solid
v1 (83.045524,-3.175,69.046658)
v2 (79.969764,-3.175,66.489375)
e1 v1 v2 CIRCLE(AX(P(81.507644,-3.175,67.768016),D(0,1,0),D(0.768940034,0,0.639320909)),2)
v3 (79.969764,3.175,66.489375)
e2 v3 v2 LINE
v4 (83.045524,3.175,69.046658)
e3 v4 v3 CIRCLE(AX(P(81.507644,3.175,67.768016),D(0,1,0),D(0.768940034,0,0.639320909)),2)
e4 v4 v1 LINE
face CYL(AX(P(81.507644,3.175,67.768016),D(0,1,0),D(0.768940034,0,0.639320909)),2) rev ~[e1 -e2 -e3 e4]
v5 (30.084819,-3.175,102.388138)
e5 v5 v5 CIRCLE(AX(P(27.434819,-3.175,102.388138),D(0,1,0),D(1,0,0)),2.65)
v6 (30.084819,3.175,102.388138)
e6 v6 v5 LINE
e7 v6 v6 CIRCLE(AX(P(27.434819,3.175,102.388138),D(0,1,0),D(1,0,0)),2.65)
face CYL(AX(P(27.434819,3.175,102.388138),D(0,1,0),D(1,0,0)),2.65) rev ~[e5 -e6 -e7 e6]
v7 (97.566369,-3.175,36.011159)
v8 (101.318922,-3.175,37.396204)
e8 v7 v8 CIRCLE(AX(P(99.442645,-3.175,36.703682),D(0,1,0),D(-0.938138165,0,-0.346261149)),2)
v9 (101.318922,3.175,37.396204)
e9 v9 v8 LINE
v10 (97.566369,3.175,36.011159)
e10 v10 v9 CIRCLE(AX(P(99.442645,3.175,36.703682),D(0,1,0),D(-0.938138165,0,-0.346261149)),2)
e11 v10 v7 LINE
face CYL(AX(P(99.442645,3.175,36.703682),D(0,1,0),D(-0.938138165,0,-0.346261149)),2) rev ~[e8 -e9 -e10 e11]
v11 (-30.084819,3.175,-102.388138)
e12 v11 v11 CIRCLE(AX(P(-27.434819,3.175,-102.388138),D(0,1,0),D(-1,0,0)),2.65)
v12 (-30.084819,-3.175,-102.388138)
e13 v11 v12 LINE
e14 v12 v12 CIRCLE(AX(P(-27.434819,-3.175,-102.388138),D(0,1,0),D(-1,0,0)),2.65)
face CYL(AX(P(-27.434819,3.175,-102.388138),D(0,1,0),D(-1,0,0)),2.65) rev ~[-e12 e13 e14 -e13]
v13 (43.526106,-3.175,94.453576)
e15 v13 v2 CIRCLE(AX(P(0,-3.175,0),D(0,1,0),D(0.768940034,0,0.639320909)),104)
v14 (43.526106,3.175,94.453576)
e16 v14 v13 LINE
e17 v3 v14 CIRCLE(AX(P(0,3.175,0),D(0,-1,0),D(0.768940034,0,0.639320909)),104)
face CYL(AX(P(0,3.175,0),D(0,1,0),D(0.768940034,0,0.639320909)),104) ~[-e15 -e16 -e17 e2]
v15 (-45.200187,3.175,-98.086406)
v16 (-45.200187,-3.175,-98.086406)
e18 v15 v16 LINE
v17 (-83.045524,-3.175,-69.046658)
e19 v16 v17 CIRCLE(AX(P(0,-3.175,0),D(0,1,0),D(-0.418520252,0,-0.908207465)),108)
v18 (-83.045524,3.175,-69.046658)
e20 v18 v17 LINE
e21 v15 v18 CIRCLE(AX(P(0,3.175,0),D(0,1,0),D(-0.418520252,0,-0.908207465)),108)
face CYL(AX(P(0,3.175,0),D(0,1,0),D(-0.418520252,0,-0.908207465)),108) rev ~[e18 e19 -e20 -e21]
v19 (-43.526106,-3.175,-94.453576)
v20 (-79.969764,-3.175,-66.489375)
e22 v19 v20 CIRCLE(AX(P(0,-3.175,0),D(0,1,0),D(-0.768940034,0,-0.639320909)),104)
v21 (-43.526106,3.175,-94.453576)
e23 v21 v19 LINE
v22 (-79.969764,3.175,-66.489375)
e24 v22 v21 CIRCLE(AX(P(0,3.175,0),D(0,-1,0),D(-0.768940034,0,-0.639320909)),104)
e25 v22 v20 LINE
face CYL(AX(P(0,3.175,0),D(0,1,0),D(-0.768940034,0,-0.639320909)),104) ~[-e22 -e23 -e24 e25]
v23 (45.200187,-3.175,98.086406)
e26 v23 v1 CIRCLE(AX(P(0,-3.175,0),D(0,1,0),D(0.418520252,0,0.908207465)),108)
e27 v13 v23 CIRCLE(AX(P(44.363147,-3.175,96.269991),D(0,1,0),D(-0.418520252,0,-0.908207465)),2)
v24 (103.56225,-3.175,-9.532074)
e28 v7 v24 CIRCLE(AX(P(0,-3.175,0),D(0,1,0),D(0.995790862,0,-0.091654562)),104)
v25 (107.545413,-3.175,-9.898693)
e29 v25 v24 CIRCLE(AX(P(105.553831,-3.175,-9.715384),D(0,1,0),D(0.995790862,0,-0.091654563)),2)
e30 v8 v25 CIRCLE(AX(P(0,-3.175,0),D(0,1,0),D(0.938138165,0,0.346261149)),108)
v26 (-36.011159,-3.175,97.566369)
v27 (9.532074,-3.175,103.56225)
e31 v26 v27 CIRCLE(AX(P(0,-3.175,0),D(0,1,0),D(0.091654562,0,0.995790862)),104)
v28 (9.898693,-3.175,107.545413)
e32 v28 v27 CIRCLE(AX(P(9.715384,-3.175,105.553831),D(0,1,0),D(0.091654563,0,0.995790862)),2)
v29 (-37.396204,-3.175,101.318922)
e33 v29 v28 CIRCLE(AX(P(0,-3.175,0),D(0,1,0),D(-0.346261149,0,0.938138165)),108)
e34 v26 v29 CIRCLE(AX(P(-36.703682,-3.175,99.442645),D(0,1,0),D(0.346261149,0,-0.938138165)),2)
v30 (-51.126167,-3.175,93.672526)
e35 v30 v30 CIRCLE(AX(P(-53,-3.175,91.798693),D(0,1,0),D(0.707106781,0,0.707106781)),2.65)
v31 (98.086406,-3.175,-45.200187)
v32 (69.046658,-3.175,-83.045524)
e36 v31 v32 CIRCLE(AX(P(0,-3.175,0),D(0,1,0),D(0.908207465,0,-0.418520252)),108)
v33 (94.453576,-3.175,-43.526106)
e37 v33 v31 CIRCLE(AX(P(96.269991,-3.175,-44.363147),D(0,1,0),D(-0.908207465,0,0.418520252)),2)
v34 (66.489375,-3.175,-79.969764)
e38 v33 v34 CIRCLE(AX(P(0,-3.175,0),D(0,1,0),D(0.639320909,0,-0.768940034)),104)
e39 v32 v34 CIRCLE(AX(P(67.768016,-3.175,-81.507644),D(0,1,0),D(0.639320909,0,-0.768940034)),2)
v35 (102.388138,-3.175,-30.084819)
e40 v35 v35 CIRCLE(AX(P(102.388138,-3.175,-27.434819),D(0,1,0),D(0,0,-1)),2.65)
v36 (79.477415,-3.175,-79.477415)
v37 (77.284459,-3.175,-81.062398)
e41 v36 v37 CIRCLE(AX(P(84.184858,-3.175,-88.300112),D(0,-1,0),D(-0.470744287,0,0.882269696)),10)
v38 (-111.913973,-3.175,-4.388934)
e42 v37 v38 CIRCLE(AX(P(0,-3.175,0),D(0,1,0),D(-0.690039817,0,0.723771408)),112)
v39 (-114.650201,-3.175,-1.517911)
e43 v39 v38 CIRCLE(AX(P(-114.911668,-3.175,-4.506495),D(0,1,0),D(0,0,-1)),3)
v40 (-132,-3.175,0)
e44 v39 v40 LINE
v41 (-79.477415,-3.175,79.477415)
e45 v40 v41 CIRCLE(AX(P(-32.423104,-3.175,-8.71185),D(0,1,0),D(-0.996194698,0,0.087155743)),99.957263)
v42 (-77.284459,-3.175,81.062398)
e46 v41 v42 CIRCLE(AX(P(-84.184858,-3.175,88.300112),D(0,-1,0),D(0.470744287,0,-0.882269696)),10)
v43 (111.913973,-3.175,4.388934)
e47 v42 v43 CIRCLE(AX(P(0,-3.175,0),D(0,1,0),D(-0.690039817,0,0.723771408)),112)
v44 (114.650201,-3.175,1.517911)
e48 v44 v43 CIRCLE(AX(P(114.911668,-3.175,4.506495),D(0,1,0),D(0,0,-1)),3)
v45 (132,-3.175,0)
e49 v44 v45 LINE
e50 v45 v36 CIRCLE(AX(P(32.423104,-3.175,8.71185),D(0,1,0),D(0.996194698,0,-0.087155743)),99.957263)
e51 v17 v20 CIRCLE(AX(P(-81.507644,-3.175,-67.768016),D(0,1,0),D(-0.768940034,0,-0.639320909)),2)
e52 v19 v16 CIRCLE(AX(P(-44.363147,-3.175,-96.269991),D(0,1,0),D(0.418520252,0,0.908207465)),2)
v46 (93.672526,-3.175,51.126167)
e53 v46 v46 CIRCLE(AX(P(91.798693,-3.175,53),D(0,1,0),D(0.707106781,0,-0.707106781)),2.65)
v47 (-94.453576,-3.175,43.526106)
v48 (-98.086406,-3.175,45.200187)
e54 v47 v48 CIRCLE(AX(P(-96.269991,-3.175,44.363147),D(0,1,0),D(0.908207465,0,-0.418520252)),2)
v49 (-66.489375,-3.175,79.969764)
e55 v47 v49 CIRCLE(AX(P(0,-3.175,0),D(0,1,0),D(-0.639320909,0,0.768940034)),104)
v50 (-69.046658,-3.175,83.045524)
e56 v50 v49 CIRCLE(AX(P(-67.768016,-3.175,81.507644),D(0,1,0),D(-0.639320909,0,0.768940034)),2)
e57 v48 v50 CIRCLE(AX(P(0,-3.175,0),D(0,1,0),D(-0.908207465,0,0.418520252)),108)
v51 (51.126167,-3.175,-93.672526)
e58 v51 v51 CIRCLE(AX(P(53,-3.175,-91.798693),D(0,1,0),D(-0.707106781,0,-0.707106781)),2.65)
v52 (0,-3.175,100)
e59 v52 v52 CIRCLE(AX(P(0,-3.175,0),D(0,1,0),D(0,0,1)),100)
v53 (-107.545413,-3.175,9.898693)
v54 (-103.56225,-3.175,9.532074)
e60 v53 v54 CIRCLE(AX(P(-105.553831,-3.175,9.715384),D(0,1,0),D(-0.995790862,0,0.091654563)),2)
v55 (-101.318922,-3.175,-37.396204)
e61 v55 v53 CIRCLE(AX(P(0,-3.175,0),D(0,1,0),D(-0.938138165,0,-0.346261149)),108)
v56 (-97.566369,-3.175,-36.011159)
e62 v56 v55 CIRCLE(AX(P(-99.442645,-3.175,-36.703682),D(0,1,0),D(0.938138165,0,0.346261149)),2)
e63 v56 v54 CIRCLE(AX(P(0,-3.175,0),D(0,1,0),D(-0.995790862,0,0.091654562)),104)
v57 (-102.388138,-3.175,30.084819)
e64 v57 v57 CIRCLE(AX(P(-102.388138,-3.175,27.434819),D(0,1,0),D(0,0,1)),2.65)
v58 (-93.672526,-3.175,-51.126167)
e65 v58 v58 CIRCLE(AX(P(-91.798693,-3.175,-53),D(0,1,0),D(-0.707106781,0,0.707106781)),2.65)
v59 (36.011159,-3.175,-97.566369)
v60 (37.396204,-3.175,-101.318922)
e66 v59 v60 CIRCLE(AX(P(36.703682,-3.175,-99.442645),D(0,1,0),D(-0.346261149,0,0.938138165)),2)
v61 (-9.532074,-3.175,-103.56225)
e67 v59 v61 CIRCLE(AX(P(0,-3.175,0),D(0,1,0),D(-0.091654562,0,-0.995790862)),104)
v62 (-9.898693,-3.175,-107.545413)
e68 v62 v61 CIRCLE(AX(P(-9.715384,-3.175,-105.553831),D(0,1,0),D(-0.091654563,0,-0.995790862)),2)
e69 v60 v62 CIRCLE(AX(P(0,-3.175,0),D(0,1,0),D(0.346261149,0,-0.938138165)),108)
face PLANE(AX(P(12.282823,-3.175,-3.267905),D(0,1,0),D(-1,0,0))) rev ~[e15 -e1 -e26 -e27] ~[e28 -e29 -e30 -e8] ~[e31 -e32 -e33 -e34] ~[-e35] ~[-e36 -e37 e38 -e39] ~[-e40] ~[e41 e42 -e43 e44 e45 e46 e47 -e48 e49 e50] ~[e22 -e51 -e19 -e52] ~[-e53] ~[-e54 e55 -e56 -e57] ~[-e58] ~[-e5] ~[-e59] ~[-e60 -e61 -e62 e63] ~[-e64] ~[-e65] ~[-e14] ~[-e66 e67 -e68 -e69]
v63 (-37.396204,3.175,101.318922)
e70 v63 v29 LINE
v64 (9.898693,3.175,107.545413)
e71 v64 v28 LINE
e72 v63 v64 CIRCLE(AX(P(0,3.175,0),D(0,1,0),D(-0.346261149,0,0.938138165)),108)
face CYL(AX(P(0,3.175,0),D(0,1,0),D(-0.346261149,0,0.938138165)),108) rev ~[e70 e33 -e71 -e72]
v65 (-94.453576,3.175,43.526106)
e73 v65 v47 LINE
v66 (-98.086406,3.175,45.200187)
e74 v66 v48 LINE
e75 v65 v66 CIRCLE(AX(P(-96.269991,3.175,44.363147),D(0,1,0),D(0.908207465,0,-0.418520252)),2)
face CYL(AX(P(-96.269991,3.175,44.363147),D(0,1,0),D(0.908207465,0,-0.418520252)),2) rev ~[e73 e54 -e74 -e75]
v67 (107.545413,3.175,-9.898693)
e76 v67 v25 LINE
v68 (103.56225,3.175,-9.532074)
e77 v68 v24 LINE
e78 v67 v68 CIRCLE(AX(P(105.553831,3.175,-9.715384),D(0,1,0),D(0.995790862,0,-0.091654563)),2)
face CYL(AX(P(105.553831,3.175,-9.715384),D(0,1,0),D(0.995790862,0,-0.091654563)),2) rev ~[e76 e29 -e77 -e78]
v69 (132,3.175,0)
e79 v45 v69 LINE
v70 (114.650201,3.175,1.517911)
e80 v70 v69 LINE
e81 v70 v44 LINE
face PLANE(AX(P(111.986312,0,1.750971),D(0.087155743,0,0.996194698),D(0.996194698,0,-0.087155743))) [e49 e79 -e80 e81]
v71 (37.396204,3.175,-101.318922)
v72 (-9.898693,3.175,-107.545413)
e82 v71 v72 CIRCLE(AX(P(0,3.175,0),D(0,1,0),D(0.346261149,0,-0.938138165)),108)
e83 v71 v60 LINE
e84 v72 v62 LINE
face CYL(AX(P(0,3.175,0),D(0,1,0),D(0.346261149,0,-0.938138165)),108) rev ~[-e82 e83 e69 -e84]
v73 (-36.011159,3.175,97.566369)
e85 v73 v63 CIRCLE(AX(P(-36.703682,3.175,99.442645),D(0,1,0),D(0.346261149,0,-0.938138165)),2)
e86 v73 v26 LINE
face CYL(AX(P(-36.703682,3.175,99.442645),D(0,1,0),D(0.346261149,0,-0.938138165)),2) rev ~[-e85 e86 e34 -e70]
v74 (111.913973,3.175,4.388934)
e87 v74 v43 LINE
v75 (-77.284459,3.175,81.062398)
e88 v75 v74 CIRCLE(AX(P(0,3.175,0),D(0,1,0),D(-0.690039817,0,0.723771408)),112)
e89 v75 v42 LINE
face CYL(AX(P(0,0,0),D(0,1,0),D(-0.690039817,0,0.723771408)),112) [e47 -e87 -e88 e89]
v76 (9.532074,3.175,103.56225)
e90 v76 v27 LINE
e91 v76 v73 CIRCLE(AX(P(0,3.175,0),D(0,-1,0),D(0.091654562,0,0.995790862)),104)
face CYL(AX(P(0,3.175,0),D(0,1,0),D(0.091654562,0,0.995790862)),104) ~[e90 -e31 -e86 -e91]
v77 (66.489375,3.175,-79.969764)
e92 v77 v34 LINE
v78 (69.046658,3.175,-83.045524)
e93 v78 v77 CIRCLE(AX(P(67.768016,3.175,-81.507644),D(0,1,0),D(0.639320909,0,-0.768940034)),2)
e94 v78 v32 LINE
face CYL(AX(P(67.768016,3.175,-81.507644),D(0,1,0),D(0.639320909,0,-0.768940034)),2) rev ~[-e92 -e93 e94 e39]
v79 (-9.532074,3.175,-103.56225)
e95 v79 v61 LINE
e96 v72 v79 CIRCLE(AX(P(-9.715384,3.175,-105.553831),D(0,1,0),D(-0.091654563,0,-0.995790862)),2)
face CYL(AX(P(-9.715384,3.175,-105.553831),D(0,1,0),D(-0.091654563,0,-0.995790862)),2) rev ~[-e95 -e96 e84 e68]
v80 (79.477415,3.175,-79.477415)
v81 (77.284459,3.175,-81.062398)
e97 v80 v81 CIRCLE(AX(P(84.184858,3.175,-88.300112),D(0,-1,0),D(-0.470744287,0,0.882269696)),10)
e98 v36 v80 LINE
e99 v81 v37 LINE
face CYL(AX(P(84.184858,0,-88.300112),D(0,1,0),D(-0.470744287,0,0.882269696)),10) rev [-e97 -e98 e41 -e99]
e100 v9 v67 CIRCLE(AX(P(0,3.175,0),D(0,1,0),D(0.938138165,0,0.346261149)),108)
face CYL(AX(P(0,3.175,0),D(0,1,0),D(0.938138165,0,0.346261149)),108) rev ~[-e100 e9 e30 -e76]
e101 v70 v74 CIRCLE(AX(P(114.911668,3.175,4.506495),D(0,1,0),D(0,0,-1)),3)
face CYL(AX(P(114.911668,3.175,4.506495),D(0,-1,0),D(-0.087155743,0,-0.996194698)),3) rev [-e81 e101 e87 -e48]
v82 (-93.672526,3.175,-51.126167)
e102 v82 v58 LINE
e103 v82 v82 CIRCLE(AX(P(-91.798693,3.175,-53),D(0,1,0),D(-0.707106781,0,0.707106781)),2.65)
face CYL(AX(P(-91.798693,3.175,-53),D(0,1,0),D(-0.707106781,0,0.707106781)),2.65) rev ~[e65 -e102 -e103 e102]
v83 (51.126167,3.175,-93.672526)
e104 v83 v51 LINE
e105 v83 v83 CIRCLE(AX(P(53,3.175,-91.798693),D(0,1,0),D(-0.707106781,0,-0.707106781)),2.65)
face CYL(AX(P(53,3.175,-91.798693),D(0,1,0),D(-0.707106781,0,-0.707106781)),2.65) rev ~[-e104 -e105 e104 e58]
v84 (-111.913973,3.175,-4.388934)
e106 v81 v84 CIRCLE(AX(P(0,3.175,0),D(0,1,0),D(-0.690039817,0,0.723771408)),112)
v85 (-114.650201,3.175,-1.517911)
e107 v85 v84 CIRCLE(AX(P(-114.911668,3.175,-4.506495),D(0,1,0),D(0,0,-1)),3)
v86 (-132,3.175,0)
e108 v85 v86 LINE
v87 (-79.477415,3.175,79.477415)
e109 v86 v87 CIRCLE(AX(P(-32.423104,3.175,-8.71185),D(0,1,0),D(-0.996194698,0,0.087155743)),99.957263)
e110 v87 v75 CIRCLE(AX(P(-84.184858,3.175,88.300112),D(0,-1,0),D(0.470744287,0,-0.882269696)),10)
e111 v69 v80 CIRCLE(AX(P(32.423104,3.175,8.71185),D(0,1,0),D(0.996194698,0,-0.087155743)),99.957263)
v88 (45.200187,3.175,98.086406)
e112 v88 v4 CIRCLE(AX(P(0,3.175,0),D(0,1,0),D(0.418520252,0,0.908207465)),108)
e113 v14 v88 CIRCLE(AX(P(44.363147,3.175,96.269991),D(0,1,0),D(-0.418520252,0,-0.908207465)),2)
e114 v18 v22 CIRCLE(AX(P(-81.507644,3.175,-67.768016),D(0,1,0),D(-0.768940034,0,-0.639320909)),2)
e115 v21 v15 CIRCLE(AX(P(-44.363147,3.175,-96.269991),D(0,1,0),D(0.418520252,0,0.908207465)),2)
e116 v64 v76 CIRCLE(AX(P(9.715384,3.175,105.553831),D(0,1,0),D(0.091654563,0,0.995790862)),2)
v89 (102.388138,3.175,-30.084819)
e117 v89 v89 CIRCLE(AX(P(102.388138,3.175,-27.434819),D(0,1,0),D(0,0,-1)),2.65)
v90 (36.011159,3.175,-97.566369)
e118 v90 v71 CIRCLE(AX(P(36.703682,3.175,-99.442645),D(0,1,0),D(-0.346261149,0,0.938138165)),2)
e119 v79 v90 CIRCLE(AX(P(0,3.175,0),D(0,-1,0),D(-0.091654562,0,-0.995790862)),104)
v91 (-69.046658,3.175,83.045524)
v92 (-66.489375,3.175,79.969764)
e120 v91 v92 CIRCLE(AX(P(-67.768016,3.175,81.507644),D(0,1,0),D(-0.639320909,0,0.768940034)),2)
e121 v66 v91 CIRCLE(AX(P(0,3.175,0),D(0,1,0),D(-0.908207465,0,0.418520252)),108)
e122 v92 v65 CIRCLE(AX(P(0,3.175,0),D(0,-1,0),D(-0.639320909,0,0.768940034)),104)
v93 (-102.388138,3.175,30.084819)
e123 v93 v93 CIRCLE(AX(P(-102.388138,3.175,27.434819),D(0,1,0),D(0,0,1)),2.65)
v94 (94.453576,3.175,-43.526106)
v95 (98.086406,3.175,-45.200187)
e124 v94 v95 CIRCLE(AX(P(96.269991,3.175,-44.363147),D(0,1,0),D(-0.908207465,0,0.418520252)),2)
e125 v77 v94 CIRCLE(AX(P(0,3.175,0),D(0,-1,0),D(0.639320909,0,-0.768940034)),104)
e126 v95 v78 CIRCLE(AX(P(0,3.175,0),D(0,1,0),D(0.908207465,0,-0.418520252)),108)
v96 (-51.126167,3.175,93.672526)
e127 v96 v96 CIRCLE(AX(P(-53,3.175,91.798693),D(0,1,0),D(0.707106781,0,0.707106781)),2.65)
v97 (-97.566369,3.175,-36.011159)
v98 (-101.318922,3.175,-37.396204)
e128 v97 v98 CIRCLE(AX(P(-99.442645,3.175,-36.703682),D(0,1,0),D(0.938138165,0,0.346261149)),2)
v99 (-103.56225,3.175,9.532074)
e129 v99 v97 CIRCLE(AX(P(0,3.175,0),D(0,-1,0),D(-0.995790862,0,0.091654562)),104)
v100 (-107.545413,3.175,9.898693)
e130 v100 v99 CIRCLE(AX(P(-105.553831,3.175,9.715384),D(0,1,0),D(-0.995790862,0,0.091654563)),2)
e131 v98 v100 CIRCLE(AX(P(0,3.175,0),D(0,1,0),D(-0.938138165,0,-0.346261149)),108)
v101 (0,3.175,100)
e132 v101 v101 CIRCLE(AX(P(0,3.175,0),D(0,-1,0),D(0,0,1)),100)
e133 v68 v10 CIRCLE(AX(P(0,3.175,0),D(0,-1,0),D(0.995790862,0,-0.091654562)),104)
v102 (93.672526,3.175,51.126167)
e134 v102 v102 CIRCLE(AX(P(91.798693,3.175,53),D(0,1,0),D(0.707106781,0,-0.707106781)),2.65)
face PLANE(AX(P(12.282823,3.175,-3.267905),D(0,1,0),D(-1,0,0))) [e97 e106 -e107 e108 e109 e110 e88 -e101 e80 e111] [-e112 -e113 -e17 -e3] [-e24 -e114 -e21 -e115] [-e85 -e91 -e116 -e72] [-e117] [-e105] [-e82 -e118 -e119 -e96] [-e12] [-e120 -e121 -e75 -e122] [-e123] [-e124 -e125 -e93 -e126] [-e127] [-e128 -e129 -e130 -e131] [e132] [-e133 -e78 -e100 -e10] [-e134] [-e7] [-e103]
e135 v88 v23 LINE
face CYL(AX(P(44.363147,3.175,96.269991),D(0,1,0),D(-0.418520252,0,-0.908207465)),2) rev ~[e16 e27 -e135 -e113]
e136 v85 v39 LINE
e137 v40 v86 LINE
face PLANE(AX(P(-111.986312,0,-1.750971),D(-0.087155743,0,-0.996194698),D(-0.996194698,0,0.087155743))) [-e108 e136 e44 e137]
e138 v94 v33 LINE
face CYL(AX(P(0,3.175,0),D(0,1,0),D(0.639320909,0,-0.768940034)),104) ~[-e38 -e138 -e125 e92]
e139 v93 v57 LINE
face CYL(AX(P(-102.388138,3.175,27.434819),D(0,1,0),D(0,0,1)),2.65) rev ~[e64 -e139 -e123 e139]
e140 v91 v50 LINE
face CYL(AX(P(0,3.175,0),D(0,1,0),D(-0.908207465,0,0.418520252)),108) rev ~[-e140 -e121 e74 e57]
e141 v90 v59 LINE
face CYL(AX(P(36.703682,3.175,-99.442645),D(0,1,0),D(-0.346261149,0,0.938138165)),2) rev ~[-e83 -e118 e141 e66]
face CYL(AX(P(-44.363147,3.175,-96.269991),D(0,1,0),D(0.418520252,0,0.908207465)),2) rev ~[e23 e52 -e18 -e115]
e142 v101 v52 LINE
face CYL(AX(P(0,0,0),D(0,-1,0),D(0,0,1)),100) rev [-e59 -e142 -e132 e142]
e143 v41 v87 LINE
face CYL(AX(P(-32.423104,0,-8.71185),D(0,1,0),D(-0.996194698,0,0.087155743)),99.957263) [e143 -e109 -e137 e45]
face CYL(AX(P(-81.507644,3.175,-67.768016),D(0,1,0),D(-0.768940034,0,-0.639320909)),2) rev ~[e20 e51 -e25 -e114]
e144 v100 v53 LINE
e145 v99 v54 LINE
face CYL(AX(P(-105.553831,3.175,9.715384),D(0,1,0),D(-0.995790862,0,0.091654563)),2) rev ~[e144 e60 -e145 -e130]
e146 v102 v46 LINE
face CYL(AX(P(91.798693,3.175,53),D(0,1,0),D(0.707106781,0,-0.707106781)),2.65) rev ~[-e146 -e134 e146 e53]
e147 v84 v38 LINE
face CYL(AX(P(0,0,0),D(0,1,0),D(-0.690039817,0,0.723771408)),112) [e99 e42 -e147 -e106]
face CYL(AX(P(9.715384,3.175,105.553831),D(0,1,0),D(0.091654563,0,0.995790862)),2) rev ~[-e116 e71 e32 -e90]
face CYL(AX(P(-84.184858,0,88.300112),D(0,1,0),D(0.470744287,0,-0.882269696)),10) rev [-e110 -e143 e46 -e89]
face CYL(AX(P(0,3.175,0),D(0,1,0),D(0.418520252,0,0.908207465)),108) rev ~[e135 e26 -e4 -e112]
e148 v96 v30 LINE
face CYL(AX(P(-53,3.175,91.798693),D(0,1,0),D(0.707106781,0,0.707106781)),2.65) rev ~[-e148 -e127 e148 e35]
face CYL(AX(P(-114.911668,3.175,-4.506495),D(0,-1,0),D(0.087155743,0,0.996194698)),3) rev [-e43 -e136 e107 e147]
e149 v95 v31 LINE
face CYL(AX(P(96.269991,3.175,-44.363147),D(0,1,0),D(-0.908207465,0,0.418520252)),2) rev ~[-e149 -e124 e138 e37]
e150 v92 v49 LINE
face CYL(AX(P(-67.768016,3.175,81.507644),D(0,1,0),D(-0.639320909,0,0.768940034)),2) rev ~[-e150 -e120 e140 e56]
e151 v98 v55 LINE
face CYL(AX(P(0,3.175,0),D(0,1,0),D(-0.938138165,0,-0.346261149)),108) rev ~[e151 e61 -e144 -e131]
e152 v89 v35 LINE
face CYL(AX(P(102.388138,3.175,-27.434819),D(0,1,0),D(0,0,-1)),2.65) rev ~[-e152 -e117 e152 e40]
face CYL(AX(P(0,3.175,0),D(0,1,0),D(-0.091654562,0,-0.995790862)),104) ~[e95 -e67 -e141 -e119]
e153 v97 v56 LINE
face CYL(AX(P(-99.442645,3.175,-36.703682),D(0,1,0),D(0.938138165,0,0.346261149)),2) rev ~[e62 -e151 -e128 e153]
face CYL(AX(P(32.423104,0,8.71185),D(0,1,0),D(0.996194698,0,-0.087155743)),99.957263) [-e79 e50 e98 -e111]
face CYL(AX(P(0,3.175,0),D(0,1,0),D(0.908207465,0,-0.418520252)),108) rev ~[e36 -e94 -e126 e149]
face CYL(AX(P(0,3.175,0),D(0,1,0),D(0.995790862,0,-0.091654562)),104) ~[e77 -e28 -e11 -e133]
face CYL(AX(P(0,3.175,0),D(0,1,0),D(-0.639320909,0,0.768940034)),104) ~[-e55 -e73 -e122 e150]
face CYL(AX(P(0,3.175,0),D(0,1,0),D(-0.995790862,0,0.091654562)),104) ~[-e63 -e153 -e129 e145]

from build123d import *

# Parameters (mm, degrees)
SKETCH1_R                = 100
BOSS_EXTRUDE1_DEPTH      = 3.175
FILLET1_R                = 3
CIRPATTERN1_COUNT        = 2
FILLET1_OF_CIRPATTERN1_R = 3
SKETCH2_R                = 2.65
CUT_EXTRUDE1_DEPTH       = 174.229104079
CIRPATTERN2_COUNT        = 8
LIGHTENING_CUT_DEPTH     = 174.229104079
LIGHTENING_PATTERN_COUNT = 8


with BuildPart() as part:
    # Sketch1 → Boss-Extrude1 (new, symmetric)
    with BuildSketch(Plane(origin=(0, 0, 0), x_dir=(1, 0, 0), z_dir=(0, 1, 0))):
        with BuildLine():
            Line((-111.986312116, 1.750970805), (-132, 0))
            ThreePointArc((-132, 0), (-115.815804966, -46.398149165), (-79.477414809, -79.477414809))
            ThreePointArc((-79.477414809, -79.477414809), (-78.32708198, -80.19539315), (-77.284459499, -81.062397694))
            ThreePointArc((-77.284459499, -81.062397694), (103.297481806, 43.285450818), (-111.986312116, 1.750970805))
        make_face()
        with Locations(Location((0, 0, 0), (0, 0, 270))):
            Circle(SKETCH1_R, mode=Mode.SUBTRACT)
    boss_extrude1 = extrude(amount=BOSS_EXTRUDE1_DEPTH, both=True)

    # Fillet1
    fillet1_edges = [part.edges().sort_by_distance(p)[0] for p in [
        (-111.986312116, 0, -1.750970805),
    ]]
    fillet(fillet1_edges, radius=FILLET1_R)

    # CirPattern1: Boss-Extrude1 ×2 about axis
    cirpattern1_axis = Axis((0, 0, 0), (0, 1, 0))
    for i in range(1, CIRPATTERN1_COUNT):
        add(boss_extrude1.rotate(cirpattern1_axis, i * 360 / CIRPATTERN1_COUNT))

    # Fillet1 of CirPattern1
    fillet1_of_cirpattern1_edges = [part.edges().sort_by_distance(p)[0] for p in [
        (111.986312116, 0, 1.750970805),
    ]]
    fillet(fillet1_of_cirpattern1_edges, radius=FILLET1_OF_CIRPATTERN1_R)

    # Sketch2 → Cut-Extrude1 (cut, through all)
    with BuildSketch(Plane(origin=(0, 3.175, 0), x_dir=(1, 0, 0), z_dir=(0, 1, 0))):
        with Locations(Location((-102.388137587, -27.434818781, 0), (0, 0, 270))):
            Circle(SKETCH2_R)
    cut_extrude1 = extrude(amount=-CUT_EXTRUDE1_DEPTH, mode=Mode.SUBTRACT)

    # CirPattern2: Cut-Extrude1 ×8 about axis
    cirpattern2_axis = Axis((0, 0, 0), (0, 1, 0))
    for i in range(1, CIRPATTERN2_COUNT):
        add(cut_extrude1.rotate(cirpattern2_axis, i * 360 / CIRPATTERN2_COUNT), mode=Mode.SUBTRACT)

    # Sketch3 → Lightening Cut (cut, through all)
    with BuildSketch(Plane(origin=(0, 3.175, 0), x_dir=(1, 0, 0), z_dir=(0, 1, 0))):
        with BuildLine():
            ThreePointArc((-101.318921825, 37.396204088), (-107.076045028, 14.09682876), (-107.545413115, -9.898692736))
            ThreePointArc((-107.545413115, -9.898692736), (-105.370522266, -11.706965335), (-103.562249667, -9.532074486))
            ThreePointArc((-103.562249667, -9.532074486), (-103.110265583, 13.574723991), (-97.566369165, 36.011159492))
            ThreePointArc((-97.566369165, 36.011159492), (-98.750123197, 38.57995812), (-101.318921825, 37.396204088))
        make_face()
    lightening_cut = extrude(amount=-LIGHTENING_CUT_DEPTH, mode=Mode.SUBTRACT)

    # Lightening Pattern: Lightening Cut ×8 about axis
    lightening_pattern_axis = Axis((0, 0, 0), (0, 1, 0))
    for i in range(1, LIGHTENING_PATTERN_COUNT):
        add(lightening_cut.rotate(lightening_pattern_axis, i * 360 / LIGHTENING_PATTERN_COUNT), mode=Mode.SUBTRACT)


solid = part.part
